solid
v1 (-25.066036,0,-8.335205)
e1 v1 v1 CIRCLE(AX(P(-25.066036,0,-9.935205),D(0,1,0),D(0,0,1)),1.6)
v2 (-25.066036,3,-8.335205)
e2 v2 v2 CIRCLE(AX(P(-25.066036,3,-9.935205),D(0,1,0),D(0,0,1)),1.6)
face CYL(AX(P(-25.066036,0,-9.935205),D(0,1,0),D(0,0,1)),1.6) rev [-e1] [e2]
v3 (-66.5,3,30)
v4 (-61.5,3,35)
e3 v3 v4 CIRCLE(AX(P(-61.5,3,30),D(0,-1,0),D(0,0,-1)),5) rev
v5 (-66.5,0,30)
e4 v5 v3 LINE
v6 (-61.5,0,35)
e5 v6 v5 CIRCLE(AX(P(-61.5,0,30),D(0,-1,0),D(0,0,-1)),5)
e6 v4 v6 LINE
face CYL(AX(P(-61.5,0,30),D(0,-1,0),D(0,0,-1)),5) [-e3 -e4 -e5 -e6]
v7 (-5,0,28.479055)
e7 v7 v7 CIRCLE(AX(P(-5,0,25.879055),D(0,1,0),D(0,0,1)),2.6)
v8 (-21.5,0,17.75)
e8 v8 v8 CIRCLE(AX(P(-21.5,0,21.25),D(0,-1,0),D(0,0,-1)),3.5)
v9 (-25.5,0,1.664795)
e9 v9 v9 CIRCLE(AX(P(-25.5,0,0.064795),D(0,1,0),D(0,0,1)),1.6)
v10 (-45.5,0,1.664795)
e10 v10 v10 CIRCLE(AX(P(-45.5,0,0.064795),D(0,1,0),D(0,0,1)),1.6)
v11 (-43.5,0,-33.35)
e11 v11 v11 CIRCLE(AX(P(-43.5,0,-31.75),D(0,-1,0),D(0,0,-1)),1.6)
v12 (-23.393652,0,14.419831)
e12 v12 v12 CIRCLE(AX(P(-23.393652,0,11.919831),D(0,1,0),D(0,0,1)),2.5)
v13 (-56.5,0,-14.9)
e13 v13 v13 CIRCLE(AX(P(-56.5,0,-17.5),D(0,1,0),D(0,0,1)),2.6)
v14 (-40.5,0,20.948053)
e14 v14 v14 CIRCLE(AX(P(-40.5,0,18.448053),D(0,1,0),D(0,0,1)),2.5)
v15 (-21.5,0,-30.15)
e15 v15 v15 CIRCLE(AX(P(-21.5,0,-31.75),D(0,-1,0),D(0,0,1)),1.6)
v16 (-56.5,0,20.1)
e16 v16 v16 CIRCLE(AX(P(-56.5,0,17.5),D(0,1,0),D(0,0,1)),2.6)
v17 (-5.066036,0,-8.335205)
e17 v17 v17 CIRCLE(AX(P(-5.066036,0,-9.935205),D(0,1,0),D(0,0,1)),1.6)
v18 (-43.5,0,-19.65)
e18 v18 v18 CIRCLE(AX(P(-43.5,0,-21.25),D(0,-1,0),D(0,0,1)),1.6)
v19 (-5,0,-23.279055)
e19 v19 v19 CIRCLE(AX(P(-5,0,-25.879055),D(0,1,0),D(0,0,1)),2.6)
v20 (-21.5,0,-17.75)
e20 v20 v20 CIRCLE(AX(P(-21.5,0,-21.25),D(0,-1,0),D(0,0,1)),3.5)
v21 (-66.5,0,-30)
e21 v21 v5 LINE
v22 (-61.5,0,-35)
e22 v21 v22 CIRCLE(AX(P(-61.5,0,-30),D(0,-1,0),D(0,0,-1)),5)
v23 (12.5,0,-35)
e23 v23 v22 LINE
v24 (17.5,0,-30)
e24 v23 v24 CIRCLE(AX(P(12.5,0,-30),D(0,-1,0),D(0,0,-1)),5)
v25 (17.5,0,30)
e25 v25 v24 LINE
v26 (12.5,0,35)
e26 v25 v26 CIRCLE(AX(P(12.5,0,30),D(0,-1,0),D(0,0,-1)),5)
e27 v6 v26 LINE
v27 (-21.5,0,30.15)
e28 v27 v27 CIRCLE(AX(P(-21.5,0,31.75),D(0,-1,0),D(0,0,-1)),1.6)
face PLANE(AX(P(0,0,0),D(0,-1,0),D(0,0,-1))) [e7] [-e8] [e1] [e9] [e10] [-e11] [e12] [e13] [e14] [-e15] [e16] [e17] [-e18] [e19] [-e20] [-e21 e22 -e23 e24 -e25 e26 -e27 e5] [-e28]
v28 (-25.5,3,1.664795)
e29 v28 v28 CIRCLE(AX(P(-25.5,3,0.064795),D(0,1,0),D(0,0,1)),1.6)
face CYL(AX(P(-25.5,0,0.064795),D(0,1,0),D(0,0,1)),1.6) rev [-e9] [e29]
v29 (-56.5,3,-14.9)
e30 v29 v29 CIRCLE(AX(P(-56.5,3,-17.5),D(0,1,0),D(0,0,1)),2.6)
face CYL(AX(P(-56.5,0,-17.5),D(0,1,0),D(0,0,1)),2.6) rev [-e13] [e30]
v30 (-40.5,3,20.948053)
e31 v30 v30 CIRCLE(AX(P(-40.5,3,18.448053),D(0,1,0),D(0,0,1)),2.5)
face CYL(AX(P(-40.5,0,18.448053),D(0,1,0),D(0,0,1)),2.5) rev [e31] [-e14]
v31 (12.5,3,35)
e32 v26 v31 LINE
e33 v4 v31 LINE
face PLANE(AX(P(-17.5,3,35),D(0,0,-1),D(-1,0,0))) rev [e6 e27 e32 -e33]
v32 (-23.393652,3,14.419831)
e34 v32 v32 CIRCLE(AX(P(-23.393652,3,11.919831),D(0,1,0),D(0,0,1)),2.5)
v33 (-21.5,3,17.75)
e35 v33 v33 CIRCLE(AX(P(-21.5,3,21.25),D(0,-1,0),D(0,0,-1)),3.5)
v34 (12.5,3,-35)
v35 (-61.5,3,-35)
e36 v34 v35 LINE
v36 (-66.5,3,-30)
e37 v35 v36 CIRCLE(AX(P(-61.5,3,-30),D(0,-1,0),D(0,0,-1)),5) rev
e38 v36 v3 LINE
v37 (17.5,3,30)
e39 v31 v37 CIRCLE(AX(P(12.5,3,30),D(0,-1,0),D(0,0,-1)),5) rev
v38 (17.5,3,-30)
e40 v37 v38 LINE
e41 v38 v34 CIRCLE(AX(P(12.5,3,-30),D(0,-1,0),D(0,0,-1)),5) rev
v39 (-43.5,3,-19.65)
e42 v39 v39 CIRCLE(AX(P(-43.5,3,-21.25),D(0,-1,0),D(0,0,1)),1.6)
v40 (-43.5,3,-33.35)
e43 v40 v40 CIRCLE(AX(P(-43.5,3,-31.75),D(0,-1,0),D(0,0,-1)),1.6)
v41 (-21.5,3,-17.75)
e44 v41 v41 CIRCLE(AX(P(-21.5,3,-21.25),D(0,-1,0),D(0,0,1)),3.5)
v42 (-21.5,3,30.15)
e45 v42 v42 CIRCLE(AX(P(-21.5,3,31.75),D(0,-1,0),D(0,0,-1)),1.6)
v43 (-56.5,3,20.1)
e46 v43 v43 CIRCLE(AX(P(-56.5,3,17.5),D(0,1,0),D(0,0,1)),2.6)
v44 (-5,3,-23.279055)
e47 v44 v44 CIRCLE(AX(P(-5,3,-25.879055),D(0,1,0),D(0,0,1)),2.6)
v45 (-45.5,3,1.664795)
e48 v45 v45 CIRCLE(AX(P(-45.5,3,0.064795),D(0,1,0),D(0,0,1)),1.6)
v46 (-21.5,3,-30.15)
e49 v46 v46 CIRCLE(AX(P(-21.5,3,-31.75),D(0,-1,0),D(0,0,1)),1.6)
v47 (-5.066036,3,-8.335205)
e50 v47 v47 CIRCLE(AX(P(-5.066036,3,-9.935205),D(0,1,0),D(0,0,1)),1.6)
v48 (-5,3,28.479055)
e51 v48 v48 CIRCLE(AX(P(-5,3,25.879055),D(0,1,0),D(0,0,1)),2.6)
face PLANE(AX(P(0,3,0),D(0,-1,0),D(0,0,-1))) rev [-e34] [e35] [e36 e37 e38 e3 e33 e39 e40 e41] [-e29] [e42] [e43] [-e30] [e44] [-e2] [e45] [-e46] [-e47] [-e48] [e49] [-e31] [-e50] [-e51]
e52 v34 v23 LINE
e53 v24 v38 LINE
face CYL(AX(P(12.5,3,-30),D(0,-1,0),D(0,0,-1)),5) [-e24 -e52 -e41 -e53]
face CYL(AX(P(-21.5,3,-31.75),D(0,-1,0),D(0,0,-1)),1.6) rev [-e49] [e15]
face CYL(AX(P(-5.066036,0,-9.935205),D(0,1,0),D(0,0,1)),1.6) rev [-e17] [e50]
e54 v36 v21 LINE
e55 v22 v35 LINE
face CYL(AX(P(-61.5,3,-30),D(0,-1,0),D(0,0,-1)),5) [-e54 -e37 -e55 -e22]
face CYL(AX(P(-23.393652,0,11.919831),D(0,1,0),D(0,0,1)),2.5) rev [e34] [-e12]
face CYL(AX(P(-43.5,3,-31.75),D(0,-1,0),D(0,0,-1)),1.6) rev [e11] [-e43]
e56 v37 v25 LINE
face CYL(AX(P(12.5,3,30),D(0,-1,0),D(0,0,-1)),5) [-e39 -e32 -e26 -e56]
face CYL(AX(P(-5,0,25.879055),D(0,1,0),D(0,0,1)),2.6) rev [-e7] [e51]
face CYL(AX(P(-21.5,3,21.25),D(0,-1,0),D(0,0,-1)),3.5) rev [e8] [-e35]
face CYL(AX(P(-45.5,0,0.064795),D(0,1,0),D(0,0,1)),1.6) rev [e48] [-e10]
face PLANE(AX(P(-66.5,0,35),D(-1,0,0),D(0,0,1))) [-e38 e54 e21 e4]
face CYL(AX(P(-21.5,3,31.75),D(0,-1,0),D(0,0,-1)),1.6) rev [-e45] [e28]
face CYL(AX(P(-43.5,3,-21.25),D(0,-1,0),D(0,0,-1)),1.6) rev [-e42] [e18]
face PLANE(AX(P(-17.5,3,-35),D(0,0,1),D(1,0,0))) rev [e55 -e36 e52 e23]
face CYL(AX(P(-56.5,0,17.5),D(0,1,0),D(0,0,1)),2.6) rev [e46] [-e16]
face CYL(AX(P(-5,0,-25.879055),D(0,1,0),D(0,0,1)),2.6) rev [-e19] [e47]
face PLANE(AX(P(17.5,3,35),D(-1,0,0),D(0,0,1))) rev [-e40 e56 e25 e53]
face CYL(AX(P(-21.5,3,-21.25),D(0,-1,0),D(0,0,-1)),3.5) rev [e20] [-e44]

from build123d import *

# Parameters (mm, degrees)
SKETCH_1_W             = 35
SKETCH_1_H             = 70
SKETCH_1_R             = 2.6
EXTRUDE_528_DEPTH      = 3
SKETCH_2_R             = 2.1
CUT_EXTRUDE_M4_DEPTH   = 3
SKETCH_3_R             = 2.6
EXTRUDE_990_DEPTH      = 3
SKETCH_4_R             = 2.1
CUT_EXTRUDE_1335_DEPTH = 4
SKETCH_5_W             = 49
SKETCH_5_H             = 70
EXTRA_DEPTH            = 3
SKETCH_6_R             = 2.1
CUT_EXTRUDE_2079_DEPTH = 10
SKETCH_7_R             = 2.1
ETRA_DEPTH             = 10
SKETCH_10_R            = 1.6
SKETCH_10_R_2          = 3.5
CUT_EXTRUDE_3705_DEPTH = 4
FILLET_5_0_R           = 5
SKETCH_12_R            = 2.1
EXTRUDE_1_DEPTH        = 3
SKETCH_13_R            = 1.5
CUT_EXTRUDE_1_DEPTH    = 4
SKETCH_14_R            = 1.5
EXTRUDE_2_DEPTH        = 3
SKETCH_15_R            = 2.5
CUT_EXTRUDE_2_DEPTH    = 4
SKETCH_16_R            = 2.6
EXTRUDE_3_DEPTH        = 3
SKETCH_18_R            = 2.5
CUT_EXTRUDE_3_DEPTH    = 3
SKETCH_19_R            = 2.180798689
SKETCH_19_R_2          = 1.661770768
EXTRUDE_4_DEPTH        = 3
SKETCH_20_R            = 2.5
CUT_EXTRUDE_4_DEPTH    = 4
SKETCH_21_R            = 1.5
SKETCH_21_R_2          = 2.5
SKETCH_21_R_3          = 2.1
EXTRUDE_5_DEPTH        = 3
SKETCH_22_R            = 1.5
CUT_EXTRUDE_5_DEPTH    = 4
SKETCH_23_R            = 1.5
EXTRUDE_6_DEPTH        = 3
SKETCH_24_R            = 1.2
CUT_EXTRUDE_8_DEPTH    = 4
SKETCH_26_R            = 1.5
CUT_EXTRUDE_10_DEPTH   = 4
SKETCH_27_R            = 1.2
SKETCH_27_R_2          = 1.228912634
EXTRUDE_7_DEPTH        = 3
SKETCH_28_R            = 2.5
EXTRUDE_8_DEPTH        = 3
SKETCH_29_R            = 1.2
CUT_EXTRUDE_11_DEPTH   = 4
SKETCH_30_R            = 1.5
EXTRUDE_9_DEPTH        = 3
SKETCH_31_R            = 2.5
CUT_EXTRUDE_12_DEPTH   = 4
SKETCH_32_R            = 2.622023652
SKETCH_32_R_2          = 2.1
EXTRUDE_10_DEPTH       = 3
SKETCH_34_R            = 2.5
EXTRUDE_11_DEPTH       = 3
SKETCH_35_R            = 1.2
CUT_EXTRUDE_13_DEPTH   = 4
SKETCH_37_R            = 1.6
SKETCH_37_R_2          = 2.6
CUT_EXTRUDE_14_DEPTH   = 4


with BuildPart() as part:
    # 草图1 → Extrude 528 (new body)
    with BuildSketch(Plane(origin=(0, 0, 0), x_dir=(1, 0, 0), z_dir=(0, 1, 0))):
        Rectangle(SKETCH_1_W, SKETCH_1_H)
        with Locations((-7.5, 22.5)):
            Circle(SKETCH_1_R, mode=Mode.SUBTRACT)
        with Locations((-7.5, 0)):
            Circle(SKETCH_1_R, mode=Mode.SUBTRACT)
        with Locations((-7.5, -22.5)):
            Circle(SKETCH_1_R, mode=Mode.SUBTRACT)
        with Locations((-7.5, 10)):
            Circle(SKETCH_1_R, mode=Mode.SUBTRACT)
        with Locations((-7.5, -10)):
            Circle(SKETCH_1_R, mode=Mode.SUBTRACT)
    extrude(amount=EXTRUDE_528_DEPTH)

    # 草图2 → M4铝柱 (cut)
    with BuildSketch(Plane(origin=(0, 3, 0), x_dir=(1, 0, 0), z_dir=(0, 1, 0))):
        with Locations((10, 0)):
            Circle(SKETCH_2_R)
    extrude(amount=-CUT_EXTRUDE_M4_DEPTH, mode=Mode.SUBTRACT)

    # 草图3 → Extrude 990 (add, through all)
    with BuildSketch(Plane(origin=(0, 3, 0), x_dir=(1, 0, 0), z_dir=(0, 1, 0))):
        with Locations((-7.5, -10)):
            Circle(SKETCH_3_R)
        with Locations((-7.5, 10)):
            Circle(SKETCH_3_R)
    extrude(amount=-EXTRUDE_990_DEPTH)

    # 草图4 → Cut-Extrude 1335 (cut, through all)
    with BuildSketch(Plane(origin=(0, 3, 0), x_dir=(1, 0, 0), z_dir=(0, 1, 0))):
        with Locations((10, 22.5)):
            Circle(SKETCH_4_R)
        with Locations((10, -22.5)):
            Circle(SKETCH_4_R)
    extrude(amount=-CUT_EXTRUDE_1335_DEPTH, mode=Mode.SUBTRACT)

    # 草图5 → EXTRA (add, through all)
    with BuildSketch(Plane(origin=(0, 3, 0), x_dir=(1, 0, 0), z_dir=(0, 1, 0))):
        with Locations((-42, 0)):
            Rectangle(SKETCH_5_W, SKETCH_5_H)
    extrude(amount=-EXTRA_DEPTH)

    # 草图6 → Cut-Extrude 2079 (cut)
    with BuildSketch(Plane(origin=(0, 3, 0), x_dir=(1, 0, 0), z_dir=(0, 1, 0))):
        with Locations((-44.5, 0)):
            Circle(SKETCH_6_R)
        with Locations((-36.5, 0)):
            Circle(SKETCH_6_R)
    extrude(amount=-CUT_EXTRUDE_2079_DEPTH, mode=Mode.SUBTRACT)

    # 草图7 → ETRA铝柱 (cut)
    with BuildSketch(Plane(origin=(0, 3, 0), x_dir=(1, 0, 0), z_dir=(0, 1, 0))):
        with Locations((-56.5, 17.5)):
            Circle(SKETCH_7_R)
        with Locations((-56.5, -17.5)):
            Circle(SKETCH_7_R)
    extrude(amount=-ETRA_DEPTH, mode=Mode.SUBTRACT)

    # 草图10 → Cut-Extrude 3705 (cut, through all)
    with BuildSketch(Plane.XZ):
        with Locations((-43.5, -21.25)):
            Circle(SKETCH_10_R)
        with Locations((-21.5, -31.75)):
            Circle(SKETCH_10_R)
        with Locations((-43.5, -31.75)):
            Circle(SKETCH_10_R)
        with Locations((-43.5, 21.25)):
            Circle(SKETCH_10_R)
        with Locations((-21.5, 31.75)):
            Circle(SKETCH_10_R)
        with Locations((-43.5, 31.75)):
            Circle(SKETCH_10_R)
        with Locations((-21.5, 21.25)):
            Circle(SKETCH_10_R_2)
        with Locations((-21.5, -21.25)):
            Circle(SKETCH_10_R_2)
    extrude(amount=-CUT_EXTRUDE_3705_DEPTH, mode=Mode.SUBTRACT)

    # 圆角5.0
    fillet_5_0_edges = [part.edges().sort_by_distance(p)[0] for p in [
        (-66.5, 1.5, 35),
        (-66.5, 1.5, -35),
        (17.5, 1.5, 35),
        (17.5, 1.5, -35),
    ]]
    fillet(fillet_5_0_edges, radius=FILLET_5_0_R)

    # 草图12 → 凸台-拉伸1 (add)
    with BuildSketch(Plane(origin=(0, 3, 0), x_dir=(1, 0, 0), z_dir=(0, 1, 0))):
        with Locations((-36.5, 0)):
            Circle(SKETCH_12_R)
        with Locations((-44.5, 0)):
            Circle(SKETCH_12_R)
    extrude(amount=-EXTRUDE_1_DEPTH)

    # 草图13 → 切除-拉伸1 (cut, through all)
    with BuildSketch(Plane(origin=(0, 3, 0), x_dir=(1, 0, 0), z_dir=(0, 1, 0))):
        with Locations((-52.499999555, 1.426e-06)):
            Circle(SKETCH_13_R)
        with Locations((-28.499999555, 1.44e-06)):
            Circle(SKETCH_13_R)
    extrude(amount=-CUT_EXTRUDE_1_DEPTH, mode=Mode.SUBTRACT)

    # 草图14 → 凸台-拉伸2 (add)
    with BuildSketch(Plane(origin=(0, 3, 0), x_dir=(1, 0, 0), z_dir=(0, 1, 0))):
        with Locations((-28.499999555, 1.44e-06)):
            Circle(SKETCH_14_R)
    extrude(amount=-EXTRUDE_2_DEPTH)

    # 草图15 → 切除-拉伸2 (cut, through all)
    with BuildSketch(Plane(origin=(0, 3, 0), x_dir=(1, 0, 0), z_dir=(0, 1, 0))):
        with Locations((-23.393651392, 12.166497951)):
            Circle(SKETCH_15_R)
        with Locations((-23.393651594, -11.919830539)):
            Circle(SKETCH_15_R)
    extrude(amount=-CUT_EXTRUDE_2_DEPTH, mode=Mode.SUBTRACT)

    # 草图16 → 凸台-拉伸3 (add)
    with BuildSketch(Plane(origin=(0, 3, 0), x_dir=(1, 0, 0), z_dir=(0, 1, 0))):
        with Locations((-7.5, 22.5)):
            Circle(SKETCH_16_R)
        with Locations((-7.5, 0)):
            Circle(SKETCH_16_R)
        with Locations((-7.5, -22.5)):
            Circle(SKETCH_16_R)
    extrude(amount=-EXTRUDE_3_DEPTH)

    # 草图18 → 切除-拉伸3 (cut)
    with BuildSketch(Plane.XZ):
        with Locations((-3.558761246, 0)):
            Circle(SKETCH_18_R)
        with Locations((-3.558761246, 22.202338419)):
            Circle(SKETCH_18_R)
        with Locations((-3.558761246, -23.518793957)):
            Circle(SKETCH_18_R)
    extrude(amount=-CUT_EXTRUDE_3_DEPTH, mode=Mode.SUBTRACT)

    # 草图19 → 凸台-拉伸4 (add)
    with BuildSketch(Plane.XZ):
        with Locations((-43.5, 21.25)):
            Circle(SKETCH_19_R)
        with Locations((-43.5, 31.75)):
            Circle(SKETCH_19_R_2)
    extrude(amount=-EXTRUDE_4_DEPTH)

    # 草图20 → 切除-拉伸4 (cut, through all)
    with BuildSketch(Plane(origin=(0, 3, 0), x_dir=(1, 0, 0), z_dir=(0, 1, 0))):
        with Locations((-40.5, 1.551947464)):
            Circle(SKETCH_20_R)
        with Locations((-40.5, -18.448052536)):
            Circle(SKETCH_20_R)
    extrude(amount=-CUT_EXTRUDE_4_DEPTH, mode=Mode.SUBTRACT)

    # 草图21 → 凸台-拉伸5 (add)
    with BuildSketch(Plane(origin=(0, 3, 0), x_dir=(1, 0, 0), z_dir=(0, 1, 0))):
        with Locations((-52.499999555, 1.426e-06)):
            Circle(SKETCH_21_R)
        with Locations((-40.5, 1.551947464)):
            Circle(SKETCH_21_R_2)
        with Locations((-3.558761246, 0)):
            Circle(SKETCH_21_R_2)
        with Locations((10, 0)):
            Circle(SKETCH_21_R_3)
    extrude(amount=-EXTRUDE_5_DEPTH)

    # 草图22 → 切除-拉伸5 (cut, through all)
    with BuildSketch(Plane(origin=(0, 3, 0), x_dir=(1, 0, 0), z_dir=(0, 1, 0))):
        with Locations((-52.5, 0)):
            Circle(SKETCH_22_R)
        with Locations((-28.5, 0)):
            Circle(SKETCH_22_R)
    extrude(amount=-CUT_EXTRUDE_5_DEPTH, mode=Mode.SUBTRACT)

    # 草图23 → 凸台-拉伸6 (add)
    with BuildSketch(Plane(origin=(0, 3, 0), x_dir=(1, 0, 0), z_dir=(0, 1, 0))):
        with Locations((-52.5, 0)):
            Circle(SKETCH_23_R)
        with Locations((-28.5, 0)):
            Circle(SKETCH_23_R)
    extrude(amount=-EXTRUDE_6_DEPTH)

    # 草图24 → 切除-拉伸8 (cut, through all)
    with BuildSketch(Plane(origin=(0, 3, 0), x_dir=(1, 0, 0), z_dir=(0, 1, 0))):
        with Locations((-45.5, -0.064794531)):
            Circle(SKETCH_24_R)
        with Locations((-25.5, -0.064794531)):
            Circle(SKETCH_24_R)
    extrude(amount=-CUT_EXTRUDE_8_DEPTH, mode=Mode.SUBTRACT)

    # 草图26 → 切除-拉伸10 (cut, through all)
    with BuildSketch(Plane.XZ):
        with Locations((-52.5, 0)):
            Circle(SKETCH_26_R)
        with Locations((-28.5, 0)):
            Circle(SKETCH_26_R)
    extrude(amount=-CUT_EXTRUDE_10_DEPTH, mode=Mode.SUBTRACT)

    # 草图27 → 凸台-拉伸7 (add)
    with BuildSketch(Plane(origin=(0, 0, 0), x_dir=(-1, 0, 0), z_dir=(0, -1, 0))):
        with Locations((25.5, -0.064794531)):
            Circle(SKETCH_27_R)
        with Locations((45.5, -0.064794531)):
            Circle(SKETCH_27_R_2)
    extrude(amount=-EXTRUDE_7_DEPTH)

    # 草图28 → 凸台-拉伸8 (add)
    with BuildSketch(Plane(origin=(0, 3, 0), x_dir=(1, 0, 0), z_dir=(0, 1, 0))):
        with Locations((-3.558761246, -22.202338419)):
            Circle(SKETCH_28_R)
        with Locations((-3.558761246, 23.518793957)):
            Circle(SKETCH_28_R)
    extrude(amount=-EXTRUDE_8_DEPTH)

    # 草图29 → 切除-拉伸11 (cut, through all)
    with BuildSketch(Plane(origin=(0, 3, 0), x_dir=(1, 0, 0), z_dir=(0, 1, 0))):
        with Locations((-25.5, -0.064794531)):
            Circle(SKETCH_29_R)
        with Locations((-45.5, -0.064794531)):
            Circle(SKETCH_29_R)
    extrude(amount=-CUT_EXTRUDE_11_DEPTH, mode=Mode.SUBTRACT)

    # 草图30 → 凸台-拉伸9 (add)
    with BuildSketch(Plane(origin=(0, 3, 0), x_dir=(1, 0, 0), z_dir=(0, 1, 0))):
        with Locations((-28.5, 0)):
            Circle(SKETCH_30_R)
        with Locations((-52.5, 0)):
            Circle(SKETCH_30_R)
    extrude(amount=-EXTRUDE_9_DEPTH)

    # 草图31 → 切除-拉伸12 (cut, through all)
    with BuildSketch(Plane.XZ):
        with Locations((-5, 25.879055361)):
            Circle(SKETCH_31_R)
        with Locations((-5, -25.879055361)):
            Circle(SKETCH_31_R)
    extrude(amount=-CUT_EXTRUDE_12_DEPTH, mode=Mode.SUBTRACT)

    # 草图32 → 凸台-拉伸10 (add)
    with BuildSketch(Plane(origin=(0, 3, 0), x_dir=(1, 0, 0), z_dir=(0, 1, 0))):
        with Locations((10, -22.5)):
            Circle(SKETCH_32_R)
        with Locations((10, 22.5)):
            Circle(SKETCH_32_R_2)
    extrude(amount=-EXTRUDE_10_DEPTH)

    # 草图34 → 凸台-拉伸11 (add)
    with BuildSketch(Plane(origin=(0, 3, 0), x_dir=(1, 0, 0), z_dir=(0, 1, 0))):
        with Locations((-23.393651392, 12.166497951)):
            Circle(SKETCH_34_R)
    extrude(amount=-EXTRUDE_11_DEPTH)

    # 草图35 → 切除-拉伸13 (cut, through all)
    with BuildSketch(Plane(origin=(0, 3, 0), x_dir=(1, 0, 0), z_dir=(0, 1, 0))):
        with Locations((-5.06603585, 9.935205469)):
            Circle(SKETCH_35_R)
        with Locations((-25.06603585, 9.935205469)):
            Circle(SKETCH_35_R)
    extrude(amount=-CUT_EXTRUDE_13_DEPTH, mode=Mode.SUBTRACT)

    # 草图37 → 切除-拉伸14 (cut, through all)
    with BuildSketch(Plane(origin=(0, 3, 0), x_dir=(1, 0, 0), z_dir=(0, 1, 0))):
        with Locations((-45.5, -0.064794531)):
            Circle(SKETCH_37_R)
        with Locations((-25.5, -0.064794531)):
            Circle(SKETCH_37_R)
        with Locations((-25.06603585, 9.935205469)):
            Circle(SKETCH_37_R)
        with Locations((-5.06603585, 9.935205469)):
            Circle(SKETCH_37_R)
        with Locations((-5, 25.879055361)):
            Circle(SKETCH_37_R_2)
        with Locations((-5, -25.879055361)):
            Circle(SKETCH_37_R_2)
        with Locations((-56.5, 17.5)):
            Circle(SKETCH_37_R_2)
        with Locations((-56.5, -17.5)):
            Circle(SKETCH_37_R_2)
    extrude(amount=-CUT_EXTRUDE_14_DEPTH, mode=Mode.SUBTRACT)


solid = part.part
